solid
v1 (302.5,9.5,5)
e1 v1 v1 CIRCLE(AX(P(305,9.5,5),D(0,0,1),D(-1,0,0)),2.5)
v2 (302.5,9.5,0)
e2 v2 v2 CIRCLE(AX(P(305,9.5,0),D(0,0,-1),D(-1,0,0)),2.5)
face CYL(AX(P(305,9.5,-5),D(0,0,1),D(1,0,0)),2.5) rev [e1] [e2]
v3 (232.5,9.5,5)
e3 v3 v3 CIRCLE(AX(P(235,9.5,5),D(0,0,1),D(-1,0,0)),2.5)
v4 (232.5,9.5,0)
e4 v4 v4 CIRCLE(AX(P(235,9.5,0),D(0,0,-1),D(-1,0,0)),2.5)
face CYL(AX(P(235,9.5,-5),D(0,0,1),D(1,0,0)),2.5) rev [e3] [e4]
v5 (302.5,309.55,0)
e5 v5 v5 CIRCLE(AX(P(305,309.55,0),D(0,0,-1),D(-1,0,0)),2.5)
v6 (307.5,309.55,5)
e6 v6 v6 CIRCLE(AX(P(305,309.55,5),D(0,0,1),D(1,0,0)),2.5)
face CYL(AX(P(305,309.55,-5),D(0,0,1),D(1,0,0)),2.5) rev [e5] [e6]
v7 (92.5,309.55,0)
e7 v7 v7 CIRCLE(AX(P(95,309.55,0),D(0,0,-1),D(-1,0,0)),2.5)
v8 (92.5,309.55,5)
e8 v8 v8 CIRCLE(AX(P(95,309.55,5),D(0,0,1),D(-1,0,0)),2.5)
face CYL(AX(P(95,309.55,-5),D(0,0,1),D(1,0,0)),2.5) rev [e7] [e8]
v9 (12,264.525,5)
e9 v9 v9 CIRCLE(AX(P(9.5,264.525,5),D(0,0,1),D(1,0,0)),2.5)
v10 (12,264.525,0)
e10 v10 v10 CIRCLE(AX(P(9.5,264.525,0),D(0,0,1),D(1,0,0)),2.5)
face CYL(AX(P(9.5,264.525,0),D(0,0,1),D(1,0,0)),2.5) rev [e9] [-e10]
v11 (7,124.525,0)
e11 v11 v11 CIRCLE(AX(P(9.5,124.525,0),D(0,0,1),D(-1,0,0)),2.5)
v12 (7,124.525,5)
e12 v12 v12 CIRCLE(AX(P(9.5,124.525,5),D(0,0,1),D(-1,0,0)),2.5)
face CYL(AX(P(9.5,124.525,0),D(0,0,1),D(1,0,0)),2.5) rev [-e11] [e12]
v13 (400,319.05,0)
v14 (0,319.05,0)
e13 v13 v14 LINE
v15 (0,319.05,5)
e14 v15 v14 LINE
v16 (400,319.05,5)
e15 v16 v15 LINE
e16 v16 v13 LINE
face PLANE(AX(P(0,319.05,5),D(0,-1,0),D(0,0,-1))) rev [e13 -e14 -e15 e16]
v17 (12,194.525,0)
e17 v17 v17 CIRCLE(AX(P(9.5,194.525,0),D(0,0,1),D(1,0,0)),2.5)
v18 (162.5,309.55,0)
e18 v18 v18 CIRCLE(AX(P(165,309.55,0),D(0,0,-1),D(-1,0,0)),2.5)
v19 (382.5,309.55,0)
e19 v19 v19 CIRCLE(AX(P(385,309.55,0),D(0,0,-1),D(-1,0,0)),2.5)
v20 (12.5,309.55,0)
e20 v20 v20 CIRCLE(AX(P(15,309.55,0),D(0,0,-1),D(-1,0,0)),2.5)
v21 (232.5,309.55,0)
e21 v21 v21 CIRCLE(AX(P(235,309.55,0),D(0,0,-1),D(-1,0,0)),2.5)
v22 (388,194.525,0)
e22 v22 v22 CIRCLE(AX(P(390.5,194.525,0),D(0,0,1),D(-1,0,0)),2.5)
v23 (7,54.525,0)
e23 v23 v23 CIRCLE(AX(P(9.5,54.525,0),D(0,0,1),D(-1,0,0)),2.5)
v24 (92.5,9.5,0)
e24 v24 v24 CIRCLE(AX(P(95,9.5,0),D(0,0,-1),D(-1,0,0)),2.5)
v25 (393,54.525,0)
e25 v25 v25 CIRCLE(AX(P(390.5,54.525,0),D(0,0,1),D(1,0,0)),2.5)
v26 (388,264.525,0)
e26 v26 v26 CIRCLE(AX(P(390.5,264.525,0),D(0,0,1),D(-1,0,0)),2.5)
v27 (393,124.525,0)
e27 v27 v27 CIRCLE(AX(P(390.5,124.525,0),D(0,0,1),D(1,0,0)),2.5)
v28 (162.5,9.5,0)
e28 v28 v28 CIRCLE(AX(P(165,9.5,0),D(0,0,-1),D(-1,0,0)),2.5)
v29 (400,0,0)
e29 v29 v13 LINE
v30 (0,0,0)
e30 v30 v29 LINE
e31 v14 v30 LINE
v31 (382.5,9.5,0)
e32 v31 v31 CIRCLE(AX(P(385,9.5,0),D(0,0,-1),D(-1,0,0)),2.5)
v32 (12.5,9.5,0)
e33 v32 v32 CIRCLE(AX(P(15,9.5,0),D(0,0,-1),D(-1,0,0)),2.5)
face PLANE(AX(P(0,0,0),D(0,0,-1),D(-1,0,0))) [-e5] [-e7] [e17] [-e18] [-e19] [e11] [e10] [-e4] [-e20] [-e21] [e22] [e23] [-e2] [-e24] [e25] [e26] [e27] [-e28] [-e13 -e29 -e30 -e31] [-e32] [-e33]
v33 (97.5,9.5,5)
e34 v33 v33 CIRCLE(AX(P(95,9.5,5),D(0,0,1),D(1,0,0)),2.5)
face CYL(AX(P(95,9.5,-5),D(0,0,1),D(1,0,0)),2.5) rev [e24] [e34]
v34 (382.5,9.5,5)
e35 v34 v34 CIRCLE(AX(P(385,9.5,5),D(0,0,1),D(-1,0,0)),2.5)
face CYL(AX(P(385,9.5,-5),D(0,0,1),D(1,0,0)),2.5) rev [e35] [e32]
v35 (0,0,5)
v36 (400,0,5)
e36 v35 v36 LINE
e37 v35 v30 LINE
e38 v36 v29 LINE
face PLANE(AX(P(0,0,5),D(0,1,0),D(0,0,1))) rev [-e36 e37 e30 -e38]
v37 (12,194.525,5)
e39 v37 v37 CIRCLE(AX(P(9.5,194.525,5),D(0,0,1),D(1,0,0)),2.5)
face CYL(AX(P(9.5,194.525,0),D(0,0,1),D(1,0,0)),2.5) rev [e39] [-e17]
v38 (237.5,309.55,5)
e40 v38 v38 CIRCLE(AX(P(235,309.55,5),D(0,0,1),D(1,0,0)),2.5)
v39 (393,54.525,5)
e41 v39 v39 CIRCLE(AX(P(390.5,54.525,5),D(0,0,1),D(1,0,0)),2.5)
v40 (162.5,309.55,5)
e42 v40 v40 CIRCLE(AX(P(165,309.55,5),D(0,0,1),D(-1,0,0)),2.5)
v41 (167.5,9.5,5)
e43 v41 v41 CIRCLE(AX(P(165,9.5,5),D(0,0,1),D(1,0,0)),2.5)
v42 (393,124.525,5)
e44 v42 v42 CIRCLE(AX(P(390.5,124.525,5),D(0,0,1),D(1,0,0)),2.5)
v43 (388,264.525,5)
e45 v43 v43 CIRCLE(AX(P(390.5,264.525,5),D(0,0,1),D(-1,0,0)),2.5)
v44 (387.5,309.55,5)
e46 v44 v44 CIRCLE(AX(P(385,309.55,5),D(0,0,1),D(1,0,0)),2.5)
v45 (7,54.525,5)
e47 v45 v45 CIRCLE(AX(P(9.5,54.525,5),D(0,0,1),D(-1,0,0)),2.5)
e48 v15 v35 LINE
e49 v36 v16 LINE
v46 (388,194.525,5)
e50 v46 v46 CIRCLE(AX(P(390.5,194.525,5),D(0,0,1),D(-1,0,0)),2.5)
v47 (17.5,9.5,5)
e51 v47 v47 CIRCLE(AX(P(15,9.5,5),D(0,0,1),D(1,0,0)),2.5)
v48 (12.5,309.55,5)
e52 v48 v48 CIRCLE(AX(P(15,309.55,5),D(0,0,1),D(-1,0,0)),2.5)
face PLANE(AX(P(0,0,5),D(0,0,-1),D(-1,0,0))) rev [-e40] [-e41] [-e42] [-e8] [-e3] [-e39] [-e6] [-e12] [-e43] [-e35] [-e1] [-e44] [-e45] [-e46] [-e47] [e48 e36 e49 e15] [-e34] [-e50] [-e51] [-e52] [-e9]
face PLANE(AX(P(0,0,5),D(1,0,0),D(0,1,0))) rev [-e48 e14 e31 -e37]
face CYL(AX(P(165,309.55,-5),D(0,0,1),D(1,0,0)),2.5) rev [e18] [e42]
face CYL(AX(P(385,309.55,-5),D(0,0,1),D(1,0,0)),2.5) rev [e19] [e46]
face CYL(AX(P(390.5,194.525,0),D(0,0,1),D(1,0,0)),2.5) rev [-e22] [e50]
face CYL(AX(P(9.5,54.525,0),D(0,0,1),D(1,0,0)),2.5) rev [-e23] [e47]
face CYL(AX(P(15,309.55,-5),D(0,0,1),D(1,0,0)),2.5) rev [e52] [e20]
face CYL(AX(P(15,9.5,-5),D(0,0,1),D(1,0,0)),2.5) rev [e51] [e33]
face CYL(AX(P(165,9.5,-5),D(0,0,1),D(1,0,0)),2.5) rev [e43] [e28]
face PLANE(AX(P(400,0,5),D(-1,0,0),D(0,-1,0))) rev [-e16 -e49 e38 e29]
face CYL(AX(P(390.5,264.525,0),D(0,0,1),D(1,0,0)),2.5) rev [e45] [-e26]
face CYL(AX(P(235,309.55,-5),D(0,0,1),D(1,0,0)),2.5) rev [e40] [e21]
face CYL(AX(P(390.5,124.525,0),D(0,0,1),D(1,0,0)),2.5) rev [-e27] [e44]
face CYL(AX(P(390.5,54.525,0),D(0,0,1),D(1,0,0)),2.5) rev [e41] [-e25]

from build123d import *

# Parameters (mm, degrees)
SKETCH1_W           = 400
SKETCH1_H           = 319.05
BOSS_EXTRUDE1_DEPTH = 5
SKETCH2_R           = 2.5
CUT_EXTRUDE1_DEPTH  = 10
SKETCH3_R           = 2.5
CUT_EXTRUDE2_DEPTH  = 6


with BuildPart() as part:
    # Sketch1 → Boss-Extrude1 (new body)
    with BuildSketch(Plane.XY):
        with Locations((200, 159.525)):
            Rectangle(SKETCH1_W, SKETCH1_H)
    extrude(amount=BOSS_EXTRUDE1_DEPTH)

    # Sketch2 → Cut-Extrude1 (cut)
    with BuildSketch(Plane.XY.offset(5)):
        with Locations((15, 9.5)):
            Circle(SKETCH2_R)
        with Locations((95, 9.5)):
            Circle(SKETCH2_R)
        with Locations((165, 9.5)):
            Circle(SKETCH2_R)
        with Locations((235, 9.5)):
            Circle(SKETCH2_R)
        with Locations((305, 9.5)):
            Circle(SKETCH2_R)
        with Locations((385, 9.5)):
            Circle(SKETCH2_R)
        with Locations((385, 309.55)):
            Circle(SKETCH2_R)
        with Locations((305, 309.55)):
            Circle(SKETCH2_R)
        with Locations((235, 309.55)):
            Circle(SKETCH2_R)
        with Locations((165, 309.55)):
            Circle(SKETCH2_R)
        with Locations((95, 309.55)):
            Circle(SKETCH2_R)
        with Locations((15, 309.55)):
            Circle(SKETCH2_R)
    extrude(amount=-CUT_EXTRUDE1_DEPTH, mode=Mode.SUBTRACT)

    # Sketch3 → Cut-Extrude2 (cut, through all)
    with BuildSketch(Plane.XY.offset(5)):
        with Locations((9.5, 264.525)):
            Circle(SKETCH3_R)
        with Locations((9.5, 194.525)):
            Circle(SKETCH3_R)
        with Locations((9.5, 124.525)):
            Circle(SKETCH3_R)
        with Locations((9.5, 54.525)):
            Circle(SKETCH3_R)
        with Locations((390.5, 54.525)):
            Circle(SKETCH3_R)
        with Locations((390.5, 124.525)):
            Circle(SKETCH3_R)
        with Locations((390.5, 194.525)):
            Circle(SKETCH3_R)
        with Locations((390.5, 264.525)):
            Circle(SKETCH3_R)
    extrude(amount=-CUT_EXTRUDE2_DEPTH, mode=Mode.SUBTRACT)


solid = part.part
